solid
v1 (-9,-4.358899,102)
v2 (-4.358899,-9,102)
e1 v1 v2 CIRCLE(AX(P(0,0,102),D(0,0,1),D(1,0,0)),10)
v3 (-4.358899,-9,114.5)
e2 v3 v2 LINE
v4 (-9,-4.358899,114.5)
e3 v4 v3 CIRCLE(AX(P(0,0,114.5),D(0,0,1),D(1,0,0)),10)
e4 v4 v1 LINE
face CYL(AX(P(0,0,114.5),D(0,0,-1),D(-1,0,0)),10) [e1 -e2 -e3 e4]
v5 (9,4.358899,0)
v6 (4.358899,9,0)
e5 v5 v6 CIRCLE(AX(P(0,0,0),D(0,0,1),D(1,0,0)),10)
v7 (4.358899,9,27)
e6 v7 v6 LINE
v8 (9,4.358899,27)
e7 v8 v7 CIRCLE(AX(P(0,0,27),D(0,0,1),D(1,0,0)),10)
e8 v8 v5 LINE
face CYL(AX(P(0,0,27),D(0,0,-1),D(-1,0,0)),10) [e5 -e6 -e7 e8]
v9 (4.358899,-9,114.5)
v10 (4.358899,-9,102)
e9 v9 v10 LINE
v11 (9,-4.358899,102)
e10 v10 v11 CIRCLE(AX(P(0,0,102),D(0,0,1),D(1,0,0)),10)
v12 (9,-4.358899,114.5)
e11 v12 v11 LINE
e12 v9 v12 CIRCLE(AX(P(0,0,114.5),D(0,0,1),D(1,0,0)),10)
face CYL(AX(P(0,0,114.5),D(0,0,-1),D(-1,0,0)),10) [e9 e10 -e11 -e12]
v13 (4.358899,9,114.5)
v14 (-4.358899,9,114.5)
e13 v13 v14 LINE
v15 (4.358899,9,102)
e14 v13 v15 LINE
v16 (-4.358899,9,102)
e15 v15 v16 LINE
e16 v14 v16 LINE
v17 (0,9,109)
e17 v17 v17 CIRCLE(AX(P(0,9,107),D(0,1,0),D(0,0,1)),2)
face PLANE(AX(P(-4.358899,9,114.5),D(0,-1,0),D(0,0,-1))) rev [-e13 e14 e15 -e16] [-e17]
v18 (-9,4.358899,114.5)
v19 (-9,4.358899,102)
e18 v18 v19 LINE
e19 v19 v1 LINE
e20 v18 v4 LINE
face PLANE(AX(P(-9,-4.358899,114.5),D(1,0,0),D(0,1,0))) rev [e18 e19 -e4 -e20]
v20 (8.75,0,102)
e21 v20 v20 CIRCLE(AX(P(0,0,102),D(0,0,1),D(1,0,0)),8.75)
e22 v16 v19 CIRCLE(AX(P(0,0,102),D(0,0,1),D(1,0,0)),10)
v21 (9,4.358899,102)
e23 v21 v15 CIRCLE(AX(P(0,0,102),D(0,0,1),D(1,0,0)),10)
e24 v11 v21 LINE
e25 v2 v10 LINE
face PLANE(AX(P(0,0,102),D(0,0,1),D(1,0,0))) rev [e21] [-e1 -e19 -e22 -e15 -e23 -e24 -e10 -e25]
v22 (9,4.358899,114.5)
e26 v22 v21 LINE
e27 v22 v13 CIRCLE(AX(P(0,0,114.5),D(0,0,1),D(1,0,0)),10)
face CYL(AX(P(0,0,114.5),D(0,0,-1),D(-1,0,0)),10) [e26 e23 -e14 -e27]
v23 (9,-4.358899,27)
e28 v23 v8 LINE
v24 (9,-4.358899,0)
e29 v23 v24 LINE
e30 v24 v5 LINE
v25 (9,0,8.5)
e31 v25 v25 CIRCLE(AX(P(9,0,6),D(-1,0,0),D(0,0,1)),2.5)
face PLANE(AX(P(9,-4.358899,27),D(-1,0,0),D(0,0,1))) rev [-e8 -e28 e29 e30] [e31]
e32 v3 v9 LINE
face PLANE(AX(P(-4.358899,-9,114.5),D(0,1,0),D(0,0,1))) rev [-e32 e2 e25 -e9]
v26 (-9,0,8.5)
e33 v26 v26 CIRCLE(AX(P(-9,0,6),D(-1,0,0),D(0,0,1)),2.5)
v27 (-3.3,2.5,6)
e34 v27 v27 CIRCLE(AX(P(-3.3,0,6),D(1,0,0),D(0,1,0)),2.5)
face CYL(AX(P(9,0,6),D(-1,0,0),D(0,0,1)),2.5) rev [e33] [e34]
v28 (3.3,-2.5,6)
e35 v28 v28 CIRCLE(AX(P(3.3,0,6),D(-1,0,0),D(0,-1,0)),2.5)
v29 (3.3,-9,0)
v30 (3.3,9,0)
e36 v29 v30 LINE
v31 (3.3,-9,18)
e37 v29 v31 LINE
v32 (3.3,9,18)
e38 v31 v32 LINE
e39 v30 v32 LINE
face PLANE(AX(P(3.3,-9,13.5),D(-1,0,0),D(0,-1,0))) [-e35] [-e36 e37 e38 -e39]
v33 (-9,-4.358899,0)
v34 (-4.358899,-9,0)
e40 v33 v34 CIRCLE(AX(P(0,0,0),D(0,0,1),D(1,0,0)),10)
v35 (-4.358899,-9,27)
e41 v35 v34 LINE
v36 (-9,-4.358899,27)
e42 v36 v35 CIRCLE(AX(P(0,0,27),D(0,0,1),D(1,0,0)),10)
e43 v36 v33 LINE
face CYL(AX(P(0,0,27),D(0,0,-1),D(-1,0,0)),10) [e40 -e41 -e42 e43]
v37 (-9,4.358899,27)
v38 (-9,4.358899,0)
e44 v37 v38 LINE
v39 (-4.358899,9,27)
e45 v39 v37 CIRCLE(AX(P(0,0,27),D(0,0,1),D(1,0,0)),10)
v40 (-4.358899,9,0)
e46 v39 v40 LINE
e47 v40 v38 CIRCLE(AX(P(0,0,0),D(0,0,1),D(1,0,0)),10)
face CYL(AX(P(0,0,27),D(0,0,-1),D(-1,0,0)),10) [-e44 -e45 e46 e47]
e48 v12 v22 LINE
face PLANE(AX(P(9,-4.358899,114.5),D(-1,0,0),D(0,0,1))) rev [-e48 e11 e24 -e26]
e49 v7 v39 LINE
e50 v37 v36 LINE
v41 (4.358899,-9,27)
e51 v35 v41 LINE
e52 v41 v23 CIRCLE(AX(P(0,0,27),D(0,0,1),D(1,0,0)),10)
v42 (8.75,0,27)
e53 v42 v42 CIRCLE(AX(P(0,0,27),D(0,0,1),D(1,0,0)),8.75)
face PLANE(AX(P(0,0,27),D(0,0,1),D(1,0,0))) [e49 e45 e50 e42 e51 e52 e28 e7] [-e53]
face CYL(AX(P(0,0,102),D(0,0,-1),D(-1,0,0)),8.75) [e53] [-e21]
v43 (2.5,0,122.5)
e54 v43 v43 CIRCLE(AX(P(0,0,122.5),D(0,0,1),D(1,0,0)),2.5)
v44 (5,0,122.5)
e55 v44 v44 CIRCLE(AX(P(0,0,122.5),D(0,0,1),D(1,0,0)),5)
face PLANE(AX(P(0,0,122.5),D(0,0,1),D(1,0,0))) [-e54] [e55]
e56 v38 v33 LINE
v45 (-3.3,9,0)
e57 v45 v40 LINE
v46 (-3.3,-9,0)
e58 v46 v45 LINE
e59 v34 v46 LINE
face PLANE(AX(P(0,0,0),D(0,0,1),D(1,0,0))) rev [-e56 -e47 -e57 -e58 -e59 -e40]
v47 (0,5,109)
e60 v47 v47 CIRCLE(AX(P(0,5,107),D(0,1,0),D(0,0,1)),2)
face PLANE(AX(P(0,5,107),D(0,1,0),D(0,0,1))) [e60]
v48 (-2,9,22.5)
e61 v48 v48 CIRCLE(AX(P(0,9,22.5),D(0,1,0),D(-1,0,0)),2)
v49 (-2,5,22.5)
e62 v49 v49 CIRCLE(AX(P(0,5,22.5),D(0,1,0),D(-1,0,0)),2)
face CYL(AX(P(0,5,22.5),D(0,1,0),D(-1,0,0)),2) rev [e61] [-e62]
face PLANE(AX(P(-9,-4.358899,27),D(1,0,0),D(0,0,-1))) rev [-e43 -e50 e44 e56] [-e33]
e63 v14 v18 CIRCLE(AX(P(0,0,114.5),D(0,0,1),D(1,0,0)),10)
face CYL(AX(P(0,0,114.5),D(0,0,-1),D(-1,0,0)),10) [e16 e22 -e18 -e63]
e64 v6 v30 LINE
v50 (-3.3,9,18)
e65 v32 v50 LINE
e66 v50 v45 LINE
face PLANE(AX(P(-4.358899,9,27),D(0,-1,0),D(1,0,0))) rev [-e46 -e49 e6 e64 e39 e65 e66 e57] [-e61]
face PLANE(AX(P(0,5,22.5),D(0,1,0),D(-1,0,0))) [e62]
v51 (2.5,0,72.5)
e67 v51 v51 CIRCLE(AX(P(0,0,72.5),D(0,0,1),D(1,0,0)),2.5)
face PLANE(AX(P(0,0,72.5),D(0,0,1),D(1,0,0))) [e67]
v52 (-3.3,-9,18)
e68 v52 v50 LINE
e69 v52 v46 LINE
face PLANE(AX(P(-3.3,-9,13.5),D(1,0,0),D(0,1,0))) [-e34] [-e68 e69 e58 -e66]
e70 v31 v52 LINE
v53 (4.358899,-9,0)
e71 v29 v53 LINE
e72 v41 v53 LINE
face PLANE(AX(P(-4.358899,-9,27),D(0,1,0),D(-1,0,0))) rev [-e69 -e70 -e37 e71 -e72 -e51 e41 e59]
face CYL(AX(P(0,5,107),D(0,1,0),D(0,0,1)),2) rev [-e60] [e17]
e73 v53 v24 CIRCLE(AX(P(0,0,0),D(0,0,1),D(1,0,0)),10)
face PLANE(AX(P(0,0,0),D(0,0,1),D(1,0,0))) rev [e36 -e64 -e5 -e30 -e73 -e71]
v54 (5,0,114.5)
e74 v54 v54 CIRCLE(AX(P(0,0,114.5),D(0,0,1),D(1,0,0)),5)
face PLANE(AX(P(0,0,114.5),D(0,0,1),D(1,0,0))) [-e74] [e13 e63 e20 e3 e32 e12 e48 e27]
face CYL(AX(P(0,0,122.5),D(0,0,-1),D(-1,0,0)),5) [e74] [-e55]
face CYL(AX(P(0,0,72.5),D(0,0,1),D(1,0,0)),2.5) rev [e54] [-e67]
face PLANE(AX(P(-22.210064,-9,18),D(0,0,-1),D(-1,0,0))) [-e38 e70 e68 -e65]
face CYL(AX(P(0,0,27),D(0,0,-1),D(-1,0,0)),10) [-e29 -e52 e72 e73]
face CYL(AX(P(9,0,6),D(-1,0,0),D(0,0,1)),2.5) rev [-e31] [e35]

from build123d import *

# Parameters (mm, degrees)
BOSS_EXTRUDE1_DEPTH = 27
SKETCH2_R           = 8.75
BOSS_EXTRUDE2_DEPTH = 75
BOSS_EXTRUDE3_DEPTH = 12.5
SKETCH4_R           = 5
BOSS_EXTRUDE4_DEPTH = 8
SKETCH5_R           = 2.5
CUT_EXTRUDE1_DEPTH  = 50
SKETCH6_R           = 2
CUT_EXTRUDE2_DEPTH  = 4
CUT_EXTRUDE4_DEPTH  = 125.142055726
SKETCH10_R          = 2
CUT_EXTRUDE5_DEPTH  = 4
SKETCH11_R          = 2.5
CUT_EXTRUDE6_DEPTH  = 125.142055726


with BuildPart() as part:
    # Sketch1 → Boss-Extrude1 (new body)
    with BuildSketch(Plane.XY):
        with BuildLine():
            Line((-4.358898944, -9), (4.358898944, -9))
            ThreePointArc((4.358898944, -9), (7.071067812, -7.071067812), (9, -4.358898944))
            Line((9, -4.358898944), (9, 4.358898944))
            ThreePointArc((9, 4.358898944), (7.071067812, 7.071067812), (4.358898944, 9))
            Line((4.358898944, 9), (-4.358898944, 9))
            ThreePointArc((-4.358898944, 9), (-7.071067812, 7.071067812), (-9, 4.358898944))
            Line((-9, 4.358898944), (-9, -4.358898944))
            ThreePointArc((-9, -4.358898944), (-7.071067812, -7.071067812), (-4.358898944, -9))
        make_face()
    extrude(amount=BOSS_EXTRUDE1_DEPTH)

    # Sketch2 → Boss-Extrude2 (add)
    with BuildSketch(Plane.XY.offset(27)):
        Circle(SKETCH2_R)
    extrude(amount=BOSS_EXTRUDE2_DEPTH)

    # Sketch3 → Boss-Extrude3 (add)
    with BuildSketch(Plane.XY.offset(102)):
        with BuildLine():
            Line((-4.358898944, -9), (4.358898944, -9))
            ThreePointArc((4.358898944, -9), (7.071067812, -7.071067812), (9, -4.358898944))
            Line((9, -4.358898944), (9, 4.358898944))
            ThreePointArc((9, 4.358898944), (7.071067812, 7.071067812), (4.358898944, 9))
            Line((4.358898944, 9), (-4.358898944, 9))
            ThreePointArc((-4.358898944, 9), (-7.071067812, 7.071067812), (-9, 4.358898944))
            Line((-9, 4.358898944), (-9, -4.358898944))
            ThreePointArc((-9, -4.358898944), (-7.071067812, -7.071067812), (-4.358898944, -9))
        make_face()
    extrude(amount=BOSS_EXTRUDE3_DEPTH)

    # Sketch4 → Boss-Extrude4 (add)
    with BuildSketch(Plane.XY.offset(114.5)):
        Circle(SKETCH4_R)
    extrude(amount=BOSS_EXTRUDE4_DEPTH)

    # Sketch5 → Cut-Extrude1 (cut)
    with BuildSketch(Plane.XY.offset(122.5)):
        Circle(SKETCH5_R)
    extrude(amount=-CUT_EXTRUDE1_DEPTH, mode=Mode.SUBTRACT)

    # Sketch6 → Cut-Extrude2 (cut)
    with BuildSketch(Plane(origin=(0, 9, 0), x_dir=(1, 0, 0), z_dir=(0, 1, 0))):
        with Locations(Location((0, -107, 0), (0, 0, 270))):
            Circle(SKETCH6_R)
    extrude(amount=-CUT_EXTRUDE2_DEPTH, mode=Mode.SUBTRACT)

    # Sketch9 → Cut-Extrude4 (cut, through all)
    with BuildSketch(Plane(origin=(0, 9, 0), x_dir=(1, 0, 0), z_dir=(0, 1, 0))):
        Polygon((3.3, 0), (0, 0), (-3.3, 0), (-3.3, -18), (3.3, -18), align=None)
    extrude(amount=-CUT_EXTRUDE4_DEPTH, mode=Mode.SUBTRACT)

    # Sketch10 → Cut-Extrude5 (cut)
    with BuildSketch(Plane(origin=(0, 9, 0), x_dir=(1, 0, 0), z_dir=(0, 1, 0))):
        with Locations(Location((0, -22.5, 0), (0, 0, 180))):
            Circle(SKETCH10_R)
    extrude(amount=-CUT_EXTRUDE5_DEPTH, mode=Mode.SUBTRACT)

    # Sketch11 → Cut-Extrude6 (cut, through all)
    with BuildSketch(Plane.ZY.offset(9)):
        with Locations((6, 0)):
            Circle(SKETCH11_R)
    extrude(amount=-CUT_EXTRUDE6_DEPTH, mode=Mode.SUBTRACT)


solid = part.part
